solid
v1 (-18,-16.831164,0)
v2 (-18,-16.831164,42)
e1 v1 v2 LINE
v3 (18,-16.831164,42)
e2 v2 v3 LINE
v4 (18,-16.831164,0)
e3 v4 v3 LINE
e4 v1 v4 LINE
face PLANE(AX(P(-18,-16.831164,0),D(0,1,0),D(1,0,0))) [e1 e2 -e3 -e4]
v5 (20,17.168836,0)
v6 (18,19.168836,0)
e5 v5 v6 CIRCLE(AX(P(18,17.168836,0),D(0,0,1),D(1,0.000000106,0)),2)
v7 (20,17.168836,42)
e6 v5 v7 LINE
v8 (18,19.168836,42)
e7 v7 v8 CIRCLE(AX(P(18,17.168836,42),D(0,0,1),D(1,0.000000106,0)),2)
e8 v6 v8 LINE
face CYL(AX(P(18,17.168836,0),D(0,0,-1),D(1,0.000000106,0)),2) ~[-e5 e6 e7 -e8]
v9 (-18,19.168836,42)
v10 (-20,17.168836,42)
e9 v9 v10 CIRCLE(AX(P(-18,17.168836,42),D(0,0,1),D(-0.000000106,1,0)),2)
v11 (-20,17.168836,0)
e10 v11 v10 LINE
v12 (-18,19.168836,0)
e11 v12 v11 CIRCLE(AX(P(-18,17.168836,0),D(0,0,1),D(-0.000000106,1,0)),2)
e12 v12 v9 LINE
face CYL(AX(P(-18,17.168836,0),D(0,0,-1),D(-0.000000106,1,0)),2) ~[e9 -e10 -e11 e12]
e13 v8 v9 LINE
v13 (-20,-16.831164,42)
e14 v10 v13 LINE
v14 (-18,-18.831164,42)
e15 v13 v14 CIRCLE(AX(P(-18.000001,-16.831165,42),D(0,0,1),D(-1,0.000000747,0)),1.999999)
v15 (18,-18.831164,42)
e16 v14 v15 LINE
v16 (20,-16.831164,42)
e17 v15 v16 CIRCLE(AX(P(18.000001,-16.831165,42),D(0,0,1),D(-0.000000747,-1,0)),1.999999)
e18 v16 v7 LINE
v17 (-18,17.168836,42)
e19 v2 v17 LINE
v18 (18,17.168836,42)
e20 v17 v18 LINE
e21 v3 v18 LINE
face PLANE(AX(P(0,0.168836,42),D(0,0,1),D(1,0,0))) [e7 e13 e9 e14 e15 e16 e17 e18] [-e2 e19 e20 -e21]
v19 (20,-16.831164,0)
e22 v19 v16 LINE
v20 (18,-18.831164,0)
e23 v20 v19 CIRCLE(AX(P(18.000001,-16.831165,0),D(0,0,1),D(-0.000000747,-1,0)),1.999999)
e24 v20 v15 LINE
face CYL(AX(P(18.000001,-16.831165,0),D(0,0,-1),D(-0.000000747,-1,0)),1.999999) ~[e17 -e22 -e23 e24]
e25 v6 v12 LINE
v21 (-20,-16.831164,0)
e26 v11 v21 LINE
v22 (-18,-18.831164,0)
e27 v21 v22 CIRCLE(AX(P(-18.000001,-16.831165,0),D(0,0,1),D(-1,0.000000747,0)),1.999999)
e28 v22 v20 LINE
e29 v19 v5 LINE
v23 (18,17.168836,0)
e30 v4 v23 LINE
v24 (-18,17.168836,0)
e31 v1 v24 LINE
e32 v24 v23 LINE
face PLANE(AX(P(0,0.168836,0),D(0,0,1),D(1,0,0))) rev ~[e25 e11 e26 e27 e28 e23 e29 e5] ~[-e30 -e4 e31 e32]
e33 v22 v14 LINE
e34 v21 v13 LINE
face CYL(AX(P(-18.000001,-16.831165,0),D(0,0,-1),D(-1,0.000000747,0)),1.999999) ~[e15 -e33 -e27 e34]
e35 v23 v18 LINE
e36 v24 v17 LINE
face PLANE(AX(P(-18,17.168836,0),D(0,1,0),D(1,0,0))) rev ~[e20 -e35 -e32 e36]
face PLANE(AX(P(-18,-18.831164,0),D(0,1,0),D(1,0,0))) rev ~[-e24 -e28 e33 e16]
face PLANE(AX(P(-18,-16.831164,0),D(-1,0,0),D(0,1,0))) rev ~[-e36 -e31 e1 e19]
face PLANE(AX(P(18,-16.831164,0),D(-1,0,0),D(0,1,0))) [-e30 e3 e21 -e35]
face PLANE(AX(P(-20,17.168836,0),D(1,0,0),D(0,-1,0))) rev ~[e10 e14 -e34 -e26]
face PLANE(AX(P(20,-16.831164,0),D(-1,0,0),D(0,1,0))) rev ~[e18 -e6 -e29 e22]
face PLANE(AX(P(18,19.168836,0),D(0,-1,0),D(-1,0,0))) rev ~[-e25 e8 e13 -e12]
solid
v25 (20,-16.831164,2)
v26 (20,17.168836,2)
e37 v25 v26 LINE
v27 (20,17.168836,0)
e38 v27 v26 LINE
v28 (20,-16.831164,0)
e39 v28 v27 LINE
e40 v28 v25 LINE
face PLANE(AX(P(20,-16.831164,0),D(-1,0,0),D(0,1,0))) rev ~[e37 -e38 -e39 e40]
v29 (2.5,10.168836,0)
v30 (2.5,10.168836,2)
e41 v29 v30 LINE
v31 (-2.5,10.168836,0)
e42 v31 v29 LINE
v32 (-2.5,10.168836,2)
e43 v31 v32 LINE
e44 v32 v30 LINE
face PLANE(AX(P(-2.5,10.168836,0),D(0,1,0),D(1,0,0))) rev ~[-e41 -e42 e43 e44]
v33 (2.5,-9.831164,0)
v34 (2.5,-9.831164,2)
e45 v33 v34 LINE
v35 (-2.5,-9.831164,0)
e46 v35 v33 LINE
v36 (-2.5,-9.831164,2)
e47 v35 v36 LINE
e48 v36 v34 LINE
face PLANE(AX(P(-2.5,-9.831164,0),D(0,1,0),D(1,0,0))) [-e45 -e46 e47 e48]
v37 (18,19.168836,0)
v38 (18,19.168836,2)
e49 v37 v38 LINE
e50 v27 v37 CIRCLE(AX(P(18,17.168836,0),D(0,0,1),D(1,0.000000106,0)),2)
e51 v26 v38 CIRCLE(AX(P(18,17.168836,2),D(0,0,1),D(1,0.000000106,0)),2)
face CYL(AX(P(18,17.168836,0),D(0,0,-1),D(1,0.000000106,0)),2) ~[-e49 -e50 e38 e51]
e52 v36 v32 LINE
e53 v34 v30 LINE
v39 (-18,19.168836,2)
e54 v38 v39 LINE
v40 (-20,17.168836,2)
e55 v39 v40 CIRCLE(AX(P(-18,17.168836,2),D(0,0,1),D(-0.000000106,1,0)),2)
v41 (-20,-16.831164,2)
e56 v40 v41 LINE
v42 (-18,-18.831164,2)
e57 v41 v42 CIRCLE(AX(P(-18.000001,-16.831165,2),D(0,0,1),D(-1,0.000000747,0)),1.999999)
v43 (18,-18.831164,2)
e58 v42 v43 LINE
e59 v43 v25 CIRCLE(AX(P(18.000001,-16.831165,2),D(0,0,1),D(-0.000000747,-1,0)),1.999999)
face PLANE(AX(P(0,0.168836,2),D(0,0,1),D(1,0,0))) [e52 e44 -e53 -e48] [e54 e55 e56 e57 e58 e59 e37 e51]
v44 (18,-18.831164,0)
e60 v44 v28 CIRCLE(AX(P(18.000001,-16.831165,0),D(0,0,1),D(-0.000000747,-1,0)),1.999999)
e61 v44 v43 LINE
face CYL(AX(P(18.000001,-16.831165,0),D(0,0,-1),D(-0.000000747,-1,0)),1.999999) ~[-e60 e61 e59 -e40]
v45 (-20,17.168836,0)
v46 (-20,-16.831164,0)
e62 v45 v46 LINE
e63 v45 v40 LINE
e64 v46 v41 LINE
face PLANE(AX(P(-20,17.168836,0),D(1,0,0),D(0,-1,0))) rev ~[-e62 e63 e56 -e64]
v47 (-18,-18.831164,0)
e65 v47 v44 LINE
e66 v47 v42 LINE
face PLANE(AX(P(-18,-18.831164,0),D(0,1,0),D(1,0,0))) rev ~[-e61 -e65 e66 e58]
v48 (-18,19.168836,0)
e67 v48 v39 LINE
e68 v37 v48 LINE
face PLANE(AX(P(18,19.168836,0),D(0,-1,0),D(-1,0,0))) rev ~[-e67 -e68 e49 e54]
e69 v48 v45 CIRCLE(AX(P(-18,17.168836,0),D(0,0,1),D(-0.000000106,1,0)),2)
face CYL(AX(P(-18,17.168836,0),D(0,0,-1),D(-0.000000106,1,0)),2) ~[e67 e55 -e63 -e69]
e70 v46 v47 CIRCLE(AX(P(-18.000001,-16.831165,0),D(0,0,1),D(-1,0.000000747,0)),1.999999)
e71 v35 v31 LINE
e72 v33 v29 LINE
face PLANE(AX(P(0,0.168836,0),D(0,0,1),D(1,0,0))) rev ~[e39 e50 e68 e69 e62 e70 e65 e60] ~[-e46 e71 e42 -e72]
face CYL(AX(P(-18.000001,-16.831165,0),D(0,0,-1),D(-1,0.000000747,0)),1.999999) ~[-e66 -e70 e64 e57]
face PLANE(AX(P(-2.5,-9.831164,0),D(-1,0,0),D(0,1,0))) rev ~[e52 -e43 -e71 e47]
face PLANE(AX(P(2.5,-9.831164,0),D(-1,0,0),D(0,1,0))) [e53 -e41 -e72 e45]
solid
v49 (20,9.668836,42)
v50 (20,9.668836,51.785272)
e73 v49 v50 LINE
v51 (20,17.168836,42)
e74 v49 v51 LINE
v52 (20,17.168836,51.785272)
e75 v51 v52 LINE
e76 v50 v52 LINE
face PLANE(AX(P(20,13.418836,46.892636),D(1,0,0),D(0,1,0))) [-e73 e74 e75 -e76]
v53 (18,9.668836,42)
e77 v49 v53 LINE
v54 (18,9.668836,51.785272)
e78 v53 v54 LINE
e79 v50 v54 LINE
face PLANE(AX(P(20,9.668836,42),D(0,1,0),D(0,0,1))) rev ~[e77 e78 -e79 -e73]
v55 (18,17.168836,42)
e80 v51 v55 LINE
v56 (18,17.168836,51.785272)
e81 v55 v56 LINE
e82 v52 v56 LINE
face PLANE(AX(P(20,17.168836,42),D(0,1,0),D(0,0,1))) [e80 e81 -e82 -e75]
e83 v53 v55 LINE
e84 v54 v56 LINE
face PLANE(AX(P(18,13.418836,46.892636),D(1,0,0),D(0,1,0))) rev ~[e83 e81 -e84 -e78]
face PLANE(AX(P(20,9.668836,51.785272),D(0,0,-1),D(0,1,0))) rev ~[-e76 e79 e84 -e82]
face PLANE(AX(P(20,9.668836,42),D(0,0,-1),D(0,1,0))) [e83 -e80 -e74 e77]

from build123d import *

# Parameters (mm, degrees)
F0_W     = 36
F0_H     = 34
F0_W_2   = 5
F0_H_2   = 20
F1_DEPTH = 2
F2_DEPTH = 42
F3_W     = 7.5
F3_H     = 9.785272
F4_DEPTH = 2


with BuildPart() as f1:
    # F0 (on Top) → F1 (new body)
    with BuildSketch(Plane.XY):
        with BuildLine():
            Line((20, -16.831164), (20, 17.168836))
            ThreePointArc((20, 17.168836), (19.414214, 18.583049), (18, 19.168836))
            Line((18, 19.168836), (-18, 19.168836))
            ThreePointArc((-18, 19.168836), (-19.414214, 18.583049), (-20, 17.168836))
            Line((-20, 17.168836), (-20, -16.831164))
            ThreePointArc((-20, -16.831164), (-19.414214, -18.245378), (-18, -18.831164))
            Line((-18, -18.831164), (18, -18.831164))
            ThreePointArc((18, -18.831164), (19.414214, -18.245378), (20, -16.831164))
        make_face()
        with Locations((0, 0.168836)):
            Rectangle(F0_W, F0_H, mode=Mode.SUBTRACT)
        with Locations((0, 0.168836)):
            Rectangle(F0_W, F0_H)
        with Locations((0, 0.168836)):
            Rectangle(F0_W_2, F0_H_2, mode=Mode.SUBTRACT)
    extrude(amount=F1_DEPTH)


with BuildPart() as f2:
    # F0 (on Top) → F2 (new body)
    with BuildSketch(Plane.XY):
        with BuildLine():
            Line((20, -16.831164), (20, 17.168836))
            ThreePointArc((20, 17.168836), (19.414214, 18.583049), (18, 19.168836))
            Line((18, 19.168836), (-18, 19.168836))
            ThreePointArc((-18, 19.168836), (-19.414214, 18.583049), (-20, 17.168836))
            Line((-20, 17.168836), (-20, -16.831164))
            ThreePointArc((-20, -16.831164), (-19.414214, -18.245378), (-18, -18.831164))
            Line((-18, -18.831164), (18, -18.831164))
            ThreePointArc((18, -18.831164), (19.414214, -18.245378), (20, -16.831164))
        make_face()
        with Locations((0, 0.168836)):
            Rectangle(F0_W, F0_H, mode=Mode.SUBTRACT)
    extrude(amount=F2_DEPTH)


with BuildPart() as f4:
    # F3 (on face) → F4 (new body)
    with BuildSketch(Plane.YZ.offset(20)):
        with Locations((13.418836, 46.892636)):
            Rectangle(F3_W, F3_H)
    extrude(amount=-F4_DEPTH)


solid = Compound([f1.part, f2.part, f4.part])
